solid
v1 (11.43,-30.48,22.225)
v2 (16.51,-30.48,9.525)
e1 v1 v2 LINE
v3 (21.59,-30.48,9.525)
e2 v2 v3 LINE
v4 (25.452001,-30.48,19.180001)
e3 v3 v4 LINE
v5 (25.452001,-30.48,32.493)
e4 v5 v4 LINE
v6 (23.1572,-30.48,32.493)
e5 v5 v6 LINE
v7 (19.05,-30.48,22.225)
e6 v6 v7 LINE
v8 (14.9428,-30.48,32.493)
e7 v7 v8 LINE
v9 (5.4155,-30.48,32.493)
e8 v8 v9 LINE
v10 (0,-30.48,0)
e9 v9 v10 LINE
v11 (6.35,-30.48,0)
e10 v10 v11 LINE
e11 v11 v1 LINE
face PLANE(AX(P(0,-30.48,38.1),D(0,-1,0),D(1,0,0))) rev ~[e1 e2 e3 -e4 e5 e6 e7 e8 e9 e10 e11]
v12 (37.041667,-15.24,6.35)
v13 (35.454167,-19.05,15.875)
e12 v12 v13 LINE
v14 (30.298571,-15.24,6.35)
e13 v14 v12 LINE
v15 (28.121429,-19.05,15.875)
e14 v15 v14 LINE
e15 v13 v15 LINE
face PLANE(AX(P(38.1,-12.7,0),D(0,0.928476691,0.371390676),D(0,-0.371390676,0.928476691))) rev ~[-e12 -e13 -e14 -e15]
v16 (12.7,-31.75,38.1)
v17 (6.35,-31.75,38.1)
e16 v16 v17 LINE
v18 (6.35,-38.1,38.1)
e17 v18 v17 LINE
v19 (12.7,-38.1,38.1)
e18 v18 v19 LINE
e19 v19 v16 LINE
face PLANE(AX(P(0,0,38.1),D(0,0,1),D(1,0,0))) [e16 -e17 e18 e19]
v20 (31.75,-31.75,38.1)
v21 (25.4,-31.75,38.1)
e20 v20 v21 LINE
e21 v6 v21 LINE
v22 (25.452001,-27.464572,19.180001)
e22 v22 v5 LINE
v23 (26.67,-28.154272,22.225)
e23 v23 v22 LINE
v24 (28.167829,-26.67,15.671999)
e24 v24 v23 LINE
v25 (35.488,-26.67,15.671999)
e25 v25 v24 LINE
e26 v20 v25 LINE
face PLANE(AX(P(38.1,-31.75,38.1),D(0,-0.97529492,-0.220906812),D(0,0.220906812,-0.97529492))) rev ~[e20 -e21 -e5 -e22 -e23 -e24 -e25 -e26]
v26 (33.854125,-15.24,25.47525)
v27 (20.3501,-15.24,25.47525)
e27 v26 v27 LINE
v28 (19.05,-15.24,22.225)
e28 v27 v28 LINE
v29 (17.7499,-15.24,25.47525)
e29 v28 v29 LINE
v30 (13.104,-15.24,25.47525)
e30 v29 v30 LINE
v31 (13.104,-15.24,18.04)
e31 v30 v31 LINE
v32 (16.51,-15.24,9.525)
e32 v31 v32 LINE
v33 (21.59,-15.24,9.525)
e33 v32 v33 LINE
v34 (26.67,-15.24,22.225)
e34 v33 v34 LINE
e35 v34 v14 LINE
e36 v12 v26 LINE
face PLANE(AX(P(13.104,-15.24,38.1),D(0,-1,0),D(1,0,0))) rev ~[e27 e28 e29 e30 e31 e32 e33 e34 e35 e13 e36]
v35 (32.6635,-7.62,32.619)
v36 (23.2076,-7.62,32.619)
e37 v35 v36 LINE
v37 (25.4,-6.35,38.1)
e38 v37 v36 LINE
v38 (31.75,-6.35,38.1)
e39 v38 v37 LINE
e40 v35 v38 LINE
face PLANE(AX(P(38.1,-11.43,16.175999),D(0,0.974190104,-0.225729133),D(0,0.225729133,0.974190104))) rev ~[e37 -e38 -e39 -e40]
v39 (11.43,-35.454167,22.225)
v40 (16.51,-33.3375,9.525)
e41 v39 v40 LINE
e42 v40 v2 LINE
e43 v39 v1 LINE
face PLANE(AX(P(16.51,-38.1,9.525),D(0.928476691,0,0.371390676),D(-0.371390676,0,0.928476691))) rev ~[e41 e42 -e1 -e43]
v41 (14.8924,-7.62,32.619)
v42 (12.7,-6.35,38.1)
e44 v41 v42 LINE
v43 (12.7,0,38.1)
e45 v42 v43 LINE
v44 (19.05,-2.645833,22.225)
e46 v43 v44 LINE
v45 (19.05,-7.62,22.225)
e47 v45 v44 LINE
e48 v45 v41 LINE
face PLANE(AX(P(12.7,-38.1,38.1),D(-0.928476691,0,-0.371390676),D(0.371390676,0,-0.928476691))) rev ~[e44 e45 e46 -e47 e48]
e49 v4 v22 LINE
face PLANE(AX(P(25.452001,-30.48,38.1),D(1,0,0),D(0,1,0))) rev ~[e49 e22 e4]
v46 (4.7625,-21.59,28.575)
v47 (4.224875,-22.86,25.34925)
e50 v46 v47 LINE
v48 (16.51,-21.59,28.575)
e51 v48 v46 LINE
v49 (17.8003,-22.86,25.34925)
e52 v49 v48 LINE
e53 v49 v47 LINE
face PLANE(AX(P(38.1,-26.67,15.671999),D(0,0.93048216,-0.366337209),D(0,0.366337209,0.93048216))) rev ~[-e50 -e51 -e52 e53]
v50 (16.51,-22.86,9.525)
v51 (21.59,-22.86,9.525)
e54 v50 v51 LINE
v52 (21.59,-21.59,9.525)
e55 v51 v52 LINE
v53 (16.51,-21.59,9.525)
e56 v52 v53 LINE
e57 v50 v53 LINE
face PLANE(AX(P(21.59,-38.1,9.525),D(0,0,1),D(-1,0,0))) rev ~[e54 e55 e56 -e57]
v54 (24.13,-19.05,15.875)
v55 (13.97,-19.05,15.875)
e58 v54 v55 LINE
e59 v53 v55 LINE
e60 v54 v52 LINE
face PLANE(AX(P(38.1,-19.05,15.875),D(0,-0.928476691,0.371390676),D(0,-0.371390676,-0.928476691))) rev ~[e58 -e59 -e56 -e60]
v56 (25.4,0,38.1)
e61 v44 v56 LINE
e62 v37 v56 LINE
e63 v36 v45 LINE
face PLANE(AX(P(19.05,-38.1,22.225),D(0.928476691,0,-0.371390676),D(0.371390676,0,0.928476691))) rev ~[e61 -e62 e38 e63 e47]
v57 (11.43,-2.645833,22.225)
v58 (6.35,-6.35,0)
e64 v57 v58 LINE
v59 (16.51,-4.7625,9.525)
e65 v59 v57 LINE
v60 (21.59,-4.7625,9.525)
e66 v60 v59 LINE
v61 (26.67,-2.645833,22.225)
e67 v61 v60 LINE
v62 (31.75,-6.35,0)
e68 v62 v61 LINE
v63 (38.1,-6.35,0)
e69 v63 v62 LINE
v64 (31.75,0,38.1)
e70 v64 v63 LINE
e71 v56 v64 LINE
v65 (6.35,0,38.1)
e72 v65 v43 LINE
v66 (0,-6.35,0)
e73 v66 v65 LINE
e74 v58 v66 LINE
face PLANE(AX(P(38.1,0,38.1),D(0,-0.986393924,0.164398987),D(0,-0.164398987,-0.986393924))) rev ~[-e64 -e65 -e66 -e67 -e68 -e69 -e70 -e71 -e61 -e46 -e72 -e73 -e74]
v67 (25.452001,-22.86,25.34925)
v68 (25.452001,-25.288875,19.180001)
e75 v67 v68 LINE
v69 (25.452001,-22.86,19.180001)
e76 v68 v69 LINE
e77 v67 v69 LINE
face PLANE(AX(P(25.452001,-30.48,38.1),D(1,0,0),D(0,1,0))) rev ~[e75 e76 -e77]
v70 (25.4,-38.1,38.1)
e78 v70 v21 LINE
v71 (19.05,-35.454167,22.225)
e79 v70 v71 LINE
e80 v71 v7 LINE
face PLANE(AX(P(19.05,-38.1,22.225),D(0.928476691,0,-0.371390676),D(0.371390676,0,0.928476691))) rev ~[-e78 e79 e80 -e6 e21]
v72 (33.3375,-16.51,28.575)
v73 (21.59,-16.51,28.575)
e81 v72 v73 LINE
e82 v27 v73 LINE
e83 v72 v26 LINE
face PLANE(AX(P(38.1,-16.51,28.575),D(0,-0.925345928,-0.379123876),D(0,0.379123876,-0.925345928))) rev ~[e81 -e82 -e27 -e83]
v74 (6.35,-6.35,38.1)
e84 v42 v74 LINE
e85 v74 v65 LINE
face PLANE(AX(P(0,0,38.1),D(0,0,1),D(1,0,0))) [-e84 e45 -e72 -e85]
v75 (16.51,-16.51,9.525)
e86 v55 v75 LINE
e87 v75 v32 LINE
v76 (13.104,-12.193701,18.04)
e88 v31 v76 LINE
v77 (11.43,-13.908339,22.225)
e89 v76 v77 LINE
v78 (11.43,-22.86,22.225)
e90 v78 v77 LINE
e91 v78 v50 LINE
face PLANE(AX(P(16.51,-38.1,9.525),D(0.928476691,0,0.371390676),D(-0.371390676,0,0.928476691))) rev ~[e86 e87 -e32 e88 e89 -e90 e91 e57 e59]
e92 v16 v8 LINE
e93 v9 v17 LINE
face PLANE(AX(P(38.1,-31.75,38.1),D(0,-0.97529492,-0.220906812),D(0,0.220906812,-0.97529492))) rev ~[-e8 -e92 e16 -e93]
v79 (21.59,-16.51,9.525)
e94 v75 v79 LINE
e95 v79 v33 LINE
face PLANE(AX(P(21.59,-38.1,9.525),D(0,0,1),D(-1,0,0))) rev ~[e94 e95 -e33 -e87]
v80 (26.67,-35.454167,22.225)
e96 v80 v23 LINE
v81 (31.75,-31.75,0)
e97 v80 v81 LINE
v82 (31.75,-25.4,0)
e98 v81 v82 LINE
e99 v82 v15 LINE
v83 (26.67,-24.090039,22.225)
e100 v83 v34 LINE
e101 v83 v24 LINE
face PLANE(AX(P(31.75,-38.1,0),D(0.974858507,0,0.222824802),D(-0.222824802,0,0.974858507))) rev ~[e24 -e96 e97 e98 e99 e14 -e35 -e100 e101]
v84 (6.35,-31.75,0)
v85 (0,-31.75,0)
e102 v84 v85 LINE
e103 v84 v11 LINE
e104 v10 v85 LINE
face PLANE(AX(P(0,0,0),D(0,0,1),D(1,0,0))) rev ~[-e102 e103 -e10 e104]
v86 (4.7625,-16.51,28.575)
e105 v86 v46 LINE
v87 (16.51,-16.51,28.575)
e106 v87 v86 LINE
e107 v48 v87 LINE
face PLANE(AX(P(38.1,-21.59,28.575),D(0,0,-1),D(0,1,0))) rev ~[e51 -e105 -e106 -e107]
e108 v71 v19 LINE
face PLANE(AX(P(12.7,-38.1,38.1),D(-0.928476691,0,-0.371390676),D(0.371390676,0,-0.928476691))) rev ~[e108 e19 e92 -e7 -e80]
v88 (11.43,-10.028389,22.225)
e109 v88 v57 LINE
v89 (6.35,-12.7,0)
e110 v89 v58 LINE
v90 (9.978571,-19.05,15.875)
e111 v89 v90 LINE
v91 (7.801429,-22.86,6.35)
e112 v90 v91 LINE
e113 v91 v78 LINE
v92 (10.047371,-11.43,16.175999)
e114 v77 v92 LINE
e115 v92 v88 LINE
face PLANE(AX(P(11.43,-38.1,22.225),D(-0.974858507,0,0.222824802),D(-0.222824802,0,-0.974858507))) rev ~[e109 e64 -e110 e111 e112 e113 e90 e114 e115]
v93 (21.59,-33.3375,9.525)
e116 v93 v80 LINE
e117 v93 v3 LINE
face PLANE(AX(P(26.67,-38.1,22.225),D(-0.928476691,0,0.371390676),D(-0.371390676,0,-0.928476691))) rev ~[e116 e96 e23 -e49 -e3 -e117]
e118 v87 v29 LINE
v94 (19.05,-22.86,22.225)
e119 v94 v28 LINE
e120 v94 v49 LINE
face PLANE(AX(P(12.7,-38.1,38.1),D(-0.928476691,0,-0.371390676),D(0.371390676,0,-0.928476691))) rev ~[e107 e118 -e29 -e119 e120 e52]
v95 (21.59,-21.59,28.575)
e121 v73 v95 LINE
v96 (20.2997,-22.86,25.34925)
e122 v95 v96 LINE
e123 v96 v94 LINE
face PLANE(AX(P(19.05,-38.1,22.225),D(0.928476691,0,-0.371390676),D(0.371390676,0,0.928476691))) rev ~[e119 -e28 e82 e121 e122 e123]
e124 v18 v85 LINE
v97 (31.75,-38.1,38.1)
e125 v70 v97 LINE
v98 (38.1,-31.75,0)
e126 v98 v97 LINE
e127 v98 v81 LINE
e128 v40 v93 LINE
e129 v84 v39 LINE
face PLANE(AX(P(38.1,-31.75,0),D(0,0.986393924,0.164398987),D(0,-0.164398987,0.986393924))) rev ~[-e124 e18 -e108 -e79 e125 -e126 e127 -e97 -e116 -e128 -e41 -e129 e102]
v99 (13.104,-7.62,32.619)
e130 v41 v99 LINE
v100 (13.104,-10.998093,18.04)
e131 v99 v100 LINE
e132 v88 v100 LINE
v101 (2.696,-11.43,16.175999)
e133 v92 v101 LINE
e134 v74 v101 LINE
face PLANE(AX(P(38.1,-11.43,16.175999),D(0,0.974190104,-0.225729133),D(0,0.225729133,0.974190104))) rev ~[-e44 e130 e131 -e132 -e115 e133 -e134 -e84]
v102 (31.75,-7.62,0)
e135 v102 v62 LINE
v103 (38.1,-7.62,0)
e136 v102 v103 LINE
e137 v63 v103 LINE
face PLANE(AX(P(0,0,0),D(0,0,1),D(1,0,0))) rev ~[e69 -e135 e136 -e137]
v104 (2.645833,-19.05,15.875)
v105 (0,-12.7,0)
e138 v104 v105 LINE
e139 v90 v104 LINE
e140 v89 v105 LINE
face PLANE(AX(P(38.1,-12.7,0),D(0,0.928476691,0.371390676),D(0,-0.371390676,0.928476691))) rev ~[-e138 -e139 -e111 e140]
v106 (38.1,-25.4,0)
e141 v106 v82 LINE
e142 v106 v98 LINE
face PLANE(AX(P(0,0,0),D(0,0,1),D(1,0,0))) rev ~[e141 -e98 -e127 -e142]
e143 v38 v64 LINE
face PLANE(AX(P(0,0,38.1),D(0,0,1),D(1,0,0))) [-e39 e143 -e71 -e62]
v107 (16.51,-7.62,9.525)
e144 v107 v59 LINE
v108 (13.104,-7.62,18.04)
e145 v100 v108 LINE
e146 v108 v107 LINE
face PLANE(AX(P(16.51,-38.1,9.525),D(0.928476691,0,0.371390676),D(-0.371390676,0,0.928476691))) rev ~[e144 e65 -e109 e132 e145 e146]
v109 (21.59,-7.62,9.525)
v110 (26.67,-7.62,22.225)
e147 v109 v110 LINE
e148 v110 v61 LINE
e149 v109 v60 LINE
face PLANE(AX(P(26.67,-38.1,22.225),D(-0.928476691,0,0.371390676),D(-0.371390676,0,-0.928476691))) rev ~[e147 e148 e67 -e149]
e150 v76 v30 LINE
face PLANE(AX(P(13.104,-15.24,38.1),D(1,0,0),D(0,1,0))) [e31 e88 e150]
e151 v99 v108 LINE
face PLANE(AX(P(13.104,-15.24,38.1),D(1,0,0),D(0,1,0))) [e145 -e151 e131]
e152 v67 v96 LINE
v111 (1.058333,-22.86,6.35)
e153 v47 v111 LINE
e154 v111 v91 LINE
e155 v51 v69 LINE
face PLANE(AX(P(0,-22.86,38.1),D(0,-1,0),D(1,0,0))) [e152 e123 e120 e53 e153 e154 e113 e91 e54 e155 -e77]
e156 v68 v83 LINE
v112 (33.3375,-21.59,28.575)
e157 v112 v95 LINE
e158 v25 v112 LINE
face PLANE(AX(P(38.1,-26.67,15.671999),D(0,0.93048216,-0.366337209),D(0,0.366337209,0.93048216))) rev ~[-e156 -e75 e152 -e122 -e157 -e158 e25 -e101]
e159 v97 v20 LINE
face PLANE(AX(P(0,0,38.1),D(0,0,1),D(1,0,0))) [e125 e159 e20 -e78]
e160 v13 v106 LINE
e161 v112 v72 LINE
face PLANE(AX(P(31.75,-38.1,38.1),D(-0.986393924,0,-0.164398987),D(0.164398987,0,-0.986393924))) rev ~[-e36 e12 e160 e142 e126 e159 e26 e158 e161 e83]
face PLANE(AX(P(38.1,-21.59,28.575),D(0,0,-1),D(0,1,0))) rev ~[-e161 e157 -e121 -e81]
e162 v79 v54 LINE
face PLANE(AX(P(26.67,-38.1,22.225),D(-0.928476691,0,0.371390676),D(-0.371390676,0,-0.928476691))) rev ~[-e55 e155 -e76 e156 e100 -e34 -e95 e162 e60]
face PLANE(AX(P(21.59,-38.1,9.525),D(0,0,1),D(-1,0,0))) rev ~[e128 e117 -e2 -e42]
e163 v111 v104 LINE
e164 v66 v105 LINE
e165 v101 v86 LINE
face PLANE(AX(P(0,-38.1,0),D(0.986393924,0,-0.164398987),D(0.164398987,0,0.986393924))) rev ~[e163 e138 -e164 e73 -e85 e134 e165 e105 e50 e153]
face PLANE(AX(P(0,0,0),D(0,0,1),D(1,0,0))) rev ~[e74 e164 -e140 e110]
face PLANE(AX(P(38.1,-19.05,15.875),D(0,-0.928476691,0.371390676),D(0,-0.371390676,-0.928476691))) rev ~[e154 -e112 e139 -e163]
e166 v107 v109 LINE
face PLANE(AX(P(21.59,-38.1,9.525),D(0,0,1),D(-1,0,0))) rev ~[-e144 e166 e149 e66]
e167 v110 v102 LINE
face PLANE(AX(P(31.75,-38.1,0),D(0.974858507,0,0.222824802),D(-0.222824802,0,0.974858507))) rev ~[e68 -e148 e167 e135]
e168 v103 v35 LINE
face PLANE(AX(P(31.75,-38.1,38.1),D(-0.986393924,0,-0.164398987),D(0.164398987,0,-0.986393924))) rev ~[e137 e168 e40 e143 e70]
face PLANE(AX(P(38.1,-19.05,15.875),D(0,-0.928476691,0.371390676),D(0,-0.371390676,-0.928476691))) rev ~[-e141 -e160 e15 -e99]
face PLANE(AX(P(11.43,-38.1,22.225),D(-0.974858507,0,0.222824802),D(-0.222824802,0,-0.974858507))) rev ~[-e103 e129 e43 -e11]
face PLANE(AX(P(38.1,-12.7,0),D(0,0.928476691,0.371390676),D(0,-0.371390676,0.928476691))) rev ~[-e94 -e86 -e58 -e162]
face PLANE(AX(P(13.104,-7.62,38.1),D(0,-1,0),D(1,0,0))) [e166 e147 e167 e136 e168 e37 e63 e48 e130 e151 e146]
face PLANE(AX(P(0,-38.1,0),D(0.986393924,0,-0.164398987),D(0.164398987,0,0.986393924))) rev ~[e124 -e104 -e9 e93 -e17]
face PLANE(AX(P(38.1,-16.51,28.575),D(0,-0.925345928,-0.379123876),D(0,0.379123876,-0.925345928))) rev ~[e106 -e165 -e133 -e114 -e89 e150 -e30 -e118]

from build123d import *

# Parameters (mm, degrees)
F0_W      = 38.1
F0_H      = 38.1
F1_DEPTH  = 38.1
F6_DEPTH  = 38.1
F8_DEPTH  = 38.1
F9_W      = 24.996
F9_H      = 7.62
F9_W_2    = 25.452001
F10_DEPTH = 38.1


with BuildPart() as f1:
    # F0 (on Front) → F1 (new body)
    with BuildSketch(Plane.XZ):
        with Locations((19.05, 19.05)):
            Rectangle(F0_W, F0_H)
    extrude(amount=F1_DEPTH)

    # F5 (on offset) → F6 (cut)
    with BuildSketch(Plane.YZ.offset(38.1)):
        Polygon((-6.35, 38.1), (-31.75, 38.1), (-26.67, 15.671999), (-21.59, 28.575), (-16.51, 28.575), (-11.43, 16.175999), align=None)
        Polygon((-19.05, 15.875), (-25.4, 0), (-12.7, 0), align=None)
        Polygon((-31.75, 0), (-38.1, 38.1), (-38.1, 0), align=None)
        Polygon((0, 0), (0, 38.1), (-6.35, 0), align=None)
    extrude(amount=-F6_DEPTH, mode=Mode.SUBTRACT)

    # F7 (on offset) → F8 (cut)
    with BuildSketch(Plane.XZ.offset(38.1)):
        Polygon((25.4, 38.1), (12.7, 38.1), (19.05, 22.225), align=None)
        Polygon((0, 38.1), (0, 0), (6.35, 38.1), align=None)
        Polygon((11.43, 22.225), (6.35, 0), (31.75, 0), (26.67, 22.225), (21.59, 9.525), (16.51, 9.525), align=None)
        Polygon((31.75, 38.1), (38.1, 0), (38.1, 38.1), align=None)
    extrude(amount=-F8_DEPTH, mode=Mode.SUBTRACT)

    # F9 (on offset) → F10 (cut)
    with BuildSketch(Plane.XY.offset(38.1)):
        with Locations((25.602, -11.43)):
            Rectangle(F9_W, F9_H)
        with Locations((12.726, -26.67)):
            Rectangle(F9_W_2, F9_H)
    extrude(amount=-F10_DEPTH, mode=Mode.SUBTRACT)


solid = f1.part
